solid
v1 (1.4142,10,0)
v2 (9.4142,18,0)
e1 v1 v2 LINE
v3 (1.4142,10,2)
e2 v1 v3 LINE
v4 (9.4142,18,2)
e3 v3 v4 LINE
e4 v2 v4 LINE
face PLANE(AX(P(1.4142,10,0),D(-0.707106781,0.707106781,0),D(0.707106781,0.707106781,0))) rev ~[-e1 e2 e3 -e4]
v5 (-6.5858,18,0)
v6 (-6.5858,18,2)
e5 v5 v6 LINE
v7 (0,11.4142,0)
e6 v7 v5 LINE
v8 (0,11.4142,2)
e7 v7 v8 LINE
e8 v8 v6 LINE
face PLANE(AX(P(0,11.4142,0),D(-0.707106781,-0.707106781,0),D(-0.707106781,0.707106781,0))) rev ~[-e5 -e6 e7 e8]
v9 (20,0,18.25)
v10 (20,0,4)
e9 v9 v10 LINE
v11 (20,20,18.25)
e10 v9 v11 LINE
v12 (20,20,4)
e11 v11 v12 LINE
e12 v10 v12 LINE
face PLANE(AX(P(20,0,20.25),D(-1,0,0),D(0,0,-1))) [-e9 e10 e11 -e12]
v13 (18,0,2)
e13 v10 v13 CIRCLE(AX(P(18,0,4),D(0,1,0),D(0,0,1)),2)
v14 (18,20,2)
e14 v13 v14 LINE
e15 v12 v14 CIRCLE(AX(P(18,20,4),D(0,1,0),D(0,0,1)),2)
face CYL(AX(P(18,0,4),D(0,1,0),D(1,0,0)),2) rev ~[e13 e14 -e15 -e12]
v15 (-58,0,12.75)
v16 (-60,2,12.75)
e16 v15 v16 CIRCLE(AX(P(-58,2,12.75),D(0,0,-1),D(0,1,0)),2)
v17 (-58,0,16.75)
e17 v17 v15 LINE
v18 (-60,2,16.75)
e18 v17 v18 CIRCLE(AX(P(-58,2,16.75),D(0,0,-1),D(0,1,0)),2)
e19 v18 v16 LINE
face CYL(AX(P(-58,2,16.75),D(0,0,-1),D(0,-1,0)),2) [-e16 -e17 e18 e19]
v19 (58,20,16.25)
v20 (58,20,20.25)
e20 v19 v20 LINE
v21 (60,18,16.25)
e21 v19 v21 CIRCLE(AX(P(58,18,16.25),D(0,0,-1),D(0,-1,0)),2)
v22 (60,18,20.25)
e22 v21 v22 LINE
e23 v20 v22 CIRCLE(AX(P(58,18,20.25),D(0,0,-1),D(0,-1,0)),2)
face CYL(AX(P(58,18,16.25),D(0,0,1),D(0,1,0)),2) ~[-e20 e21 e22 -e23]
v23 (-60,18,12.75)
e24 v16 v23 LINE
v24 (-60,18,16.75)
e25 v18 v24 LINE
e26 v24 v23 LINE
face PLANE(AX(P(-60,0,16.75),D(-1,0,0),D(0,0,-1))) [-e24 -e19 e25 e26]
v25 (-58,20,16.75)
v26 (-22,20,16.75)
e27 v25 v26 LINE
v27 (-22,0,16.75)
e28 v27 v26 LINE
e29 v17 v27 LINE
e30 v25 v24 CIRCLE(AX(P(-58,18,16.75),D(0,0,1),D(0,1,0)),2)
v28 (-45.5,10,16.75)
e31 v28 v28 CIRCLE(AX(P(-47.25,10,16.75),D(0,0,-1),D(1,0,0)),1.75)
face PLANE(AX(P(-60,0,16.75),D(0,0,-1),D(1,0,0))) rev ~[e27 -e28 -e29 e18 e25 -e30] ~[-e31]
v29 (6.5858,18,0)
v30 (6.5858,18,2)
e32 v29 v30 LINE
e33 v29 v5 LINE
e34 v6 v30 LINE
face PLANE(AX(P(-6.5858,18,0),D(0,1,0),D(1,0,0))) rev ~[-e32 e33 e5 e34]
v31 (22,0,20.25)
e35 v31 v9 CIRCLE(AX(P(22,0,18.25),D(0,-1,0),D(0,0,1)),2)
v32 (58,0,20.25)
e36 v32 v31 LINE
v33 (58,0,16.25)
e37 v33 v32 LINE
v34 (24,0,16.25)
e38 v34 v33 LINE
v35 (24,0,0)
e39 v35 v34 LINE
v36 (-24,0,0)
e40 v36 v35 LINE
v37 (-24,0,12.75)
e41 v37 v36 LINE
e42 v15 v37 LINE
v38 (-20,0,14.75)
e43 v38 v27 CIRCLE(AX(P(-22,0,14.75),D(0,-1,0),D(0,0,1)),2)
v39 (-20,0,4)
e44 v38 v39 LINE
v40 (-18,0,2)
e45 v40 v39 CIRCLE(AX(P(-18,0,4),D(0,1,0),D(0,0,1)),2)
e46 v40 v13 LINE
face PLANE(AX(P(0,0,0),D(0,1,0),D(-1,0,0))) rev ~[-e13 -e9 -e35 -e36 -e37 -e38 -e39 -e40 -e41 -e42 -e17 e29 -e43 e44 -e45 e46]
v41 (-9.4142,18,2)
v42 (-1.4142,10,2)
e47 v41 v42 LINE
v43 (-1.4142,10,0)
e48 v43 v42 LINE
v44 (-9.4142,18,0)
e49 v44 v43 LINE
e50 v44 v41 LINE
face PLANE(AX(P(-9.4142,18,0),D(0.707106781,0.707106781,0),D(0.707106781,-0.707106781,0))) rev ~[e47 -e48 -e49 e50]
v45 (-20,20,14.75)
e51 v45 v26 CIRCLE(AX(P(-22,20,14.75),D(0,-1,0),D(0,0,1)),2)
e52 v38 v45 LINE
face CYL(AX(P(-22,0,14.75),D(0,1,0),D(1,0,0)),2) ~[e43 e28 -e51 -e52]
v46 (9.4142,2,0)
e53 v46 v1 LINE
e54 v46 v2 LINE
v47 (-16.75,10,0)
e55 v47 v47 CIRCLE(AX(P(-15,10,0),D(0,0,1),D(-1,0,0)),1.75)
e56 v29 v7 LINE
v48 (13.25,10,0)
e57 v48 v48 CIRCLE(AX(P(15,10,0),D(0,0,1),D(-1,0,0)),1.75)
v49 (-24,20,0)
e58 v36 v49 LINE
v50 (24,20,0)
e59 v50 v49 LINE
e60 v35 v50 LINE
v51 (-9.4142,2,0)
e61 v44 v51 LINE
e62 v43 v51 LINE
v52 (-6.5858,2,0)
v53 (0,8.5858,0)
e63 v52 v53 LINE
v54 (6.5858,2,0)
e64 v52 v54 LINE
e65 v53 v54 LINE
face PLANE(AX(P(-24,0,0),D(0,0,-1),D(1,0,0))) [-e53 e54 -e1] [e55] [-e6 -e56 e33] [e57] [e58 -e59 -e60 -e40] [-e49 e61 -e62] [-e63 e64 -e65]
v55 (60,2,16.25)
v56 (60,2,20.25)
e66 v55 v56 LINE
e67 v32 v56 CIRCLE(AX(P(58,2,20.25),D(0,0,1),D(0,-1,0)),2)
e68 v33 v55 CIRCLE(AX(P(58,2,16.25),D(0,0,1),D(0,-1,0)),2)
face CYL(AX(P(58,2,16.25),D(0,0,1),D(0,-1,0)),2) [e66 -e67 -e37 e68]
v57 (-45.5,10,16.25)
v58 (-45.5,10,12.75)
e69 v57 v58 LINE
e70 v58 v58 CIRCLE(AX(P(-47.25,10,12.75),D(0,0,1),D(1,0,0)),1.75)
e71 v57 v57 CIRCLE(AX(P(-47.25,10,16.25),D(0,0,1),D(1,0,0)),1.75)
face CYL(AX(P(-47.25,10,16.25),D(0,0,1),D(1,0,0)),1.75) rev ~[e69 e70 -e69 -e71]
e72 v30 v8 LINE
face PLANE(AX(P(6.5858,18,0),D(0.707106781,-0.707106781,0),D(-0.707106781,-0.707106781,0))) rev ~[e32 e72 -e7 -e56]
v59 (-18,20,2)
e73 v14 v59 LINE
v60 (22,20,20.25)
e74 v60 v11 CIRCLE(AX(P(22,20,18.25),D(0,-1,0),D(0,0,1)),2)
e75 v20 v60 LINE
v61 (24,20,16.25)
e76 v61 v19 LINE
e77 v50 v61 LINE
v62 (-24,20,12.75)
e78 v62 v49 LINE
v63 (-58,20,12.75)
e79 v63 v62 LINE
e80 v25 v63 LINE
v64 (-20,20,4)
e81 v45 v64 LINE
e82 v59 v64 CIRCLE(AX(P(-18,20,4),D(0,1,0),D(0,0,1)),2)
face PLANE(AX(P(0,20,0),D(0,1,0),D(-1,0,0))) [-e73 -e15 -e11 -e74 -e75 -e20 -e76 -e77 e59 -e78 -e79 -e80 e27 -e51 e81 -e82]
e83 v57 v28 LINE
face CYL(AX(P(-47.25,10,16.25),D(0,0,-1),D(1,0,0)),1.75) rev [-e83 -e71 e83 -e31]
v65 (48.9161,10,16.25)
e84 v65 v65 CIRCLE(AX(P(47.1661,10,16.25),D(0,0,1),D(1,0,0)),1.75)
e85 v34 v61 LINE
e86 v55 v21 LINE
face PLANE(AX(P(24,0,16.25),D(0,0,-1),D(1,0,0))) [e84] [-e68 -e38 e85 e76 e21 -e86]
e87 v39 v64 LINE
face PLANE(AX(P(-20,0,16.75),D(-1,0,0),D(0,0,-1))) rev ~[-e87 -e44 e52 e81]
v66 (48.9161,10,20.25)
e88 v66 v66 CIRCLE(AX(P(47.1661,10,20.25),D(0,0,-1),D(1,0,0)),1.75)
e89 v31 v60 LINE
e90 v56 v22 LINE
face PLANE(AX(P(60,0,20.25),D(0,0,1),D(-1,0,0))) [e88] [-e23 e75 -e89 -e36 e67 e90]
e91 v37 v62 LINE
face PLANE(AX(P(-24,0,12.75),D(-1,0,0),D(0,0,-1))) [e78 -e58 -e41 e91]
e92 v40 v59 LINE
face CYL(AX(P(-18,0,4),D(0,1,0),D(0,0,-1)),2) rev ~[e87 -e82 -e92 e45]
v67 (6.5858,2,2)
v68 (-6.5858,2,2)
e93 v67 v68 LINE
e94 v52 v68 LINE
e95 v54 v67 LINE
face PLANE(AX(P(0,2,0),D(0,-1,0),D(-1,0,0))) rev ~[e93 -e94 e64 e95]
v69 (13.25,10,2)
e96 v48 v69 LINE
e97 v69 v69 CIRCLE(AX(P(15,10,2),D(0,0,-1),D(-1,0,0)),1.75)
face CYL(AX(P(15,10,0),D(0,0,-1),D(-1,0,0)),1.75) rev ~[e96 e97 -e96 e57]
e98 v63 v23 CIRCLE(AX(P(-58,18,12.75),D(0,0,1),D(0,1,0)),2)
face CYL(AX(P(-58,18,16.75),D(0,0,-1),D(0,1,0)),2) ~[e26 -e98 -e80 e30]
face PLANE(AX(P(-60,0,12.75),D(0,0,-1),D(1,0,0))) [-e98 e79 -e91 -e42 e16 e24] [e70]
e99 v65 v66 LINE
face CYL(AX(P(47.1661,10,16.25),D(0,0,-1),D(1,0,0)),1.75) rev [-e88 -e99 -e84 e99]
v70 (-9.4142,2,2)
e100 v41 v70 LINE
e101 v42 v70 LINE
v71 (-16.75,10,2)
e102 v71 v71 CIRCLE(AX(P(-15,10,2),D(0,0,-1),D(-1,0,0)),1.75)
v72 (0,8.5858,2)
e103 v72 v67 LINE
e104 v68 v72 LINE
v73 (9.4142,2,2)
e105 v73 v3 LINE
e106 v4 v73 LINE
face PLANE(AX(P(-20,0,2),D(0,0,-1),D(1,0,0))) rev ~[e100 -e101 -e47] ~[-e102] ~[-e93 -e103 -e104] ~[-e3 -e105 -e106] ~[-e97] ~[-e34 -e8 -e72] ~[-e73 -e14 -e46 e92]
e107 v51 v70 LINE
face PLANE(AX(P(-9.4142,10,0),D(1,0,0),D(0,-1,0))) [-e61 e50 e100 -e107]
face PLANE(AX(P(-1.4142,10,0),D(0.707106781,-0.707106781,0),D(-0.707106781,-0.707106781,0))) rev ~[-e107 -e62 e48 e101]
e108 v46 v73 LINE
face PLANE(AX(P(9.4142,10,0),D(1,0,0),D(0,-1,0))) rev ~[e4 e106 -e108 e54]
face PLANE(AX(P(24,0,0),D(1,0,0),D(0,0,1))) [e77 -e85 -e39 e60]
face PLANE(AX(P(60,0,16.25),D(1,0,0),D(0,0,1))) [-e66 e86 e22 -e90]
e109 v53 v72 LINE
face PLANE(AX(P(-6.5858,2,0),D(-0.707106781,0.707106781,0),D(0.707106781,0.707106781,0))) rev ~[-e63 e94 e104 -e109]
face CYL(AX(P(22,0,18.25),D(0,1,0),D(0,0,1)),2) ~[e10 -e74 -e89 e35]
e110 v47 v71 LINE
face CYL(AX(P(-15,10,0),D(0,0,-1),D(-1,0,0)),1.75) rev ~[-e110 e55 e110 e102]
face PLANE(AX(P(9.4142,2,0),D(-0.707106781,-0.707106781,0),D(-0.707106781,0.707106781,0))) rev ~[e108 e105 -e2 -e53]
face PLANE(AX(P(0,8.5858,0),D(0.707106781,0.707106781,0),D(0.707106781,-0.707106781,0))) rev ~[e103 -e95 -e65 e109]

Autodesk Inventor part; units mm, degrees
ref_plane "YZ Plane" through (0, 0, 0) normal (1, 0, 0) x (0, 1, 0)
ref_plane "XZ Plane" through (0, 0, 0) normal (0, 1, 0) x (-1, 0, 0)
ref_plane "XY Plane" through (0, 0, 0) normal (0, 0, 1) x (1, 0, 0)
sketch "スケッチ1" plane through (0, 0, 0) normal (0, 1, 0) x (-1, 0, 0)
  line L0 (0, 20.7547) -> (0, -42.4528)
  line L1 (60, 16.75) -> (20, 16.75)
  line L2 (20, 16.75) -> (20, 2)
  line L3 (20, 2) -> (0, 2)
  line L4 (60, 16.75) -> (60, 12.75)
  line L5 (60, 12.75) -> (24, 12.75)
  line L6 (24, 12.75) -> (24, 0)
  line L7 (24, 0) -> (0, 0)
  line L8 (-20, 2) -> (0, 2)
  line L9 (-24, 0) -> (0, 0)
  line L10 (-24, 0) -> (-24, 16.25)
  line L11 (-24, 16.25) -> (-60, 16.25)
  line L12 (-60, 16.25) -> (-60, 20.25)
  line L13 (-60, 20.25) -> (-20, 20.25)
  line L14 (-20, 20.25) -> (-20, 2)
  dimension "d0" = 40
  dimension "d1" = 4
  dimension "d2" = 36
  dimension "d4" = 2
  dimension "d5" = 40
  dimension "d20" = 12.75
  dimension "d21" = 16.25
  dimension "d22" = 4
  dimension "d23" = 40
  dimension "d24" = 4
extrude "押し出し1" add sketch "スケッチ1" along normal blind 20
sketch "スケッチ2" plane through (24, 0, 0) normal (0, 0, -1) x (-1, 0, 0)
  line L0 (0, 10) -> (48, 10)
  line L1 (48, 0) -> (48, 20) projected
  line L2 (24, 0) -> (24, 20)
  line L3 (0, 20) -> (48, 20) projected
  circle A0 centre (9, 10) radius 1.75
  line L4 (14.5858, 18) -> (14.5858, 2)
  line L5 (14.5858, 2) -> (30.5858, 2)
  line L6 (30.5858, 2) -> (14.5858, 18)
  circle A1 centre (39, 10) radius 1.75
  line L7 (33.4142, 18) -> (33.4142, 2)
  line L8 (33.4142, 18) -> (17.4142, 18)
  line L9 (17.4142, 18) -> (33.4142, 2)
  line L10 (33.4142, 18) -> (17.4142, 2)
  line L11 (14.5858, 2) -> (30.5858, 18)
  point P0 (25.4142, 10)
  point P1 (24, 8.5858)
  point P2 (22.5858, 10)
  point P3 (24, 11.4142)
  dimension "d8" = 16
  dimension "d9" = 3.5
  dimension "d11" = 30
  dimension "d19" = 2
  dimension "d27" = 2
extrude "押し出し2" cut sketch "スケッチ2" against normal through all contours A1 L0 | L0 A1 | A0 L0 | L0 A0 | L7 L9 L0 | L0 L10 L7 | L8 L11 L2 | L2 L9 L8 | L6 L5 L2 | L2 L5 L10 | L11 L4 L0 | L0 L4 L6
sketch "スケッチ3" plane through (20, 0, 16.25) normal (0, 0, 1) x (1, 0, 0)
  line L0 (-80, 0) -> (-80, 20) projected
  line L1 (-80, 10) -> (40, 10)
  circle A0 centre (27.1661, 10) radius 1.75
  circle A1 centre (-67.25, 10) radius 1.75
  line L2 (40, 0) -> (40, 20) projected
  point P0 (-20, 0)
  dimension "d14" = 3.5
  dimension "d16" = 12.75
extrude "押し出し3" cut sketch "スケッチ3" along normal through all both and the other way through all
fillet "フィレット1" radius 2 4 edges at (60, 20, 18.25) (60, 0, 18.25) (-60, 20, 14.75) (-60, 0, 14.75)
fillet "フィレット2" radius 2 4 edges at (-20, 10, 16.75) (-20, 10, 2) (20, 10, 2) (20, 10, 20.25)
properties part number "joint2_sup"
